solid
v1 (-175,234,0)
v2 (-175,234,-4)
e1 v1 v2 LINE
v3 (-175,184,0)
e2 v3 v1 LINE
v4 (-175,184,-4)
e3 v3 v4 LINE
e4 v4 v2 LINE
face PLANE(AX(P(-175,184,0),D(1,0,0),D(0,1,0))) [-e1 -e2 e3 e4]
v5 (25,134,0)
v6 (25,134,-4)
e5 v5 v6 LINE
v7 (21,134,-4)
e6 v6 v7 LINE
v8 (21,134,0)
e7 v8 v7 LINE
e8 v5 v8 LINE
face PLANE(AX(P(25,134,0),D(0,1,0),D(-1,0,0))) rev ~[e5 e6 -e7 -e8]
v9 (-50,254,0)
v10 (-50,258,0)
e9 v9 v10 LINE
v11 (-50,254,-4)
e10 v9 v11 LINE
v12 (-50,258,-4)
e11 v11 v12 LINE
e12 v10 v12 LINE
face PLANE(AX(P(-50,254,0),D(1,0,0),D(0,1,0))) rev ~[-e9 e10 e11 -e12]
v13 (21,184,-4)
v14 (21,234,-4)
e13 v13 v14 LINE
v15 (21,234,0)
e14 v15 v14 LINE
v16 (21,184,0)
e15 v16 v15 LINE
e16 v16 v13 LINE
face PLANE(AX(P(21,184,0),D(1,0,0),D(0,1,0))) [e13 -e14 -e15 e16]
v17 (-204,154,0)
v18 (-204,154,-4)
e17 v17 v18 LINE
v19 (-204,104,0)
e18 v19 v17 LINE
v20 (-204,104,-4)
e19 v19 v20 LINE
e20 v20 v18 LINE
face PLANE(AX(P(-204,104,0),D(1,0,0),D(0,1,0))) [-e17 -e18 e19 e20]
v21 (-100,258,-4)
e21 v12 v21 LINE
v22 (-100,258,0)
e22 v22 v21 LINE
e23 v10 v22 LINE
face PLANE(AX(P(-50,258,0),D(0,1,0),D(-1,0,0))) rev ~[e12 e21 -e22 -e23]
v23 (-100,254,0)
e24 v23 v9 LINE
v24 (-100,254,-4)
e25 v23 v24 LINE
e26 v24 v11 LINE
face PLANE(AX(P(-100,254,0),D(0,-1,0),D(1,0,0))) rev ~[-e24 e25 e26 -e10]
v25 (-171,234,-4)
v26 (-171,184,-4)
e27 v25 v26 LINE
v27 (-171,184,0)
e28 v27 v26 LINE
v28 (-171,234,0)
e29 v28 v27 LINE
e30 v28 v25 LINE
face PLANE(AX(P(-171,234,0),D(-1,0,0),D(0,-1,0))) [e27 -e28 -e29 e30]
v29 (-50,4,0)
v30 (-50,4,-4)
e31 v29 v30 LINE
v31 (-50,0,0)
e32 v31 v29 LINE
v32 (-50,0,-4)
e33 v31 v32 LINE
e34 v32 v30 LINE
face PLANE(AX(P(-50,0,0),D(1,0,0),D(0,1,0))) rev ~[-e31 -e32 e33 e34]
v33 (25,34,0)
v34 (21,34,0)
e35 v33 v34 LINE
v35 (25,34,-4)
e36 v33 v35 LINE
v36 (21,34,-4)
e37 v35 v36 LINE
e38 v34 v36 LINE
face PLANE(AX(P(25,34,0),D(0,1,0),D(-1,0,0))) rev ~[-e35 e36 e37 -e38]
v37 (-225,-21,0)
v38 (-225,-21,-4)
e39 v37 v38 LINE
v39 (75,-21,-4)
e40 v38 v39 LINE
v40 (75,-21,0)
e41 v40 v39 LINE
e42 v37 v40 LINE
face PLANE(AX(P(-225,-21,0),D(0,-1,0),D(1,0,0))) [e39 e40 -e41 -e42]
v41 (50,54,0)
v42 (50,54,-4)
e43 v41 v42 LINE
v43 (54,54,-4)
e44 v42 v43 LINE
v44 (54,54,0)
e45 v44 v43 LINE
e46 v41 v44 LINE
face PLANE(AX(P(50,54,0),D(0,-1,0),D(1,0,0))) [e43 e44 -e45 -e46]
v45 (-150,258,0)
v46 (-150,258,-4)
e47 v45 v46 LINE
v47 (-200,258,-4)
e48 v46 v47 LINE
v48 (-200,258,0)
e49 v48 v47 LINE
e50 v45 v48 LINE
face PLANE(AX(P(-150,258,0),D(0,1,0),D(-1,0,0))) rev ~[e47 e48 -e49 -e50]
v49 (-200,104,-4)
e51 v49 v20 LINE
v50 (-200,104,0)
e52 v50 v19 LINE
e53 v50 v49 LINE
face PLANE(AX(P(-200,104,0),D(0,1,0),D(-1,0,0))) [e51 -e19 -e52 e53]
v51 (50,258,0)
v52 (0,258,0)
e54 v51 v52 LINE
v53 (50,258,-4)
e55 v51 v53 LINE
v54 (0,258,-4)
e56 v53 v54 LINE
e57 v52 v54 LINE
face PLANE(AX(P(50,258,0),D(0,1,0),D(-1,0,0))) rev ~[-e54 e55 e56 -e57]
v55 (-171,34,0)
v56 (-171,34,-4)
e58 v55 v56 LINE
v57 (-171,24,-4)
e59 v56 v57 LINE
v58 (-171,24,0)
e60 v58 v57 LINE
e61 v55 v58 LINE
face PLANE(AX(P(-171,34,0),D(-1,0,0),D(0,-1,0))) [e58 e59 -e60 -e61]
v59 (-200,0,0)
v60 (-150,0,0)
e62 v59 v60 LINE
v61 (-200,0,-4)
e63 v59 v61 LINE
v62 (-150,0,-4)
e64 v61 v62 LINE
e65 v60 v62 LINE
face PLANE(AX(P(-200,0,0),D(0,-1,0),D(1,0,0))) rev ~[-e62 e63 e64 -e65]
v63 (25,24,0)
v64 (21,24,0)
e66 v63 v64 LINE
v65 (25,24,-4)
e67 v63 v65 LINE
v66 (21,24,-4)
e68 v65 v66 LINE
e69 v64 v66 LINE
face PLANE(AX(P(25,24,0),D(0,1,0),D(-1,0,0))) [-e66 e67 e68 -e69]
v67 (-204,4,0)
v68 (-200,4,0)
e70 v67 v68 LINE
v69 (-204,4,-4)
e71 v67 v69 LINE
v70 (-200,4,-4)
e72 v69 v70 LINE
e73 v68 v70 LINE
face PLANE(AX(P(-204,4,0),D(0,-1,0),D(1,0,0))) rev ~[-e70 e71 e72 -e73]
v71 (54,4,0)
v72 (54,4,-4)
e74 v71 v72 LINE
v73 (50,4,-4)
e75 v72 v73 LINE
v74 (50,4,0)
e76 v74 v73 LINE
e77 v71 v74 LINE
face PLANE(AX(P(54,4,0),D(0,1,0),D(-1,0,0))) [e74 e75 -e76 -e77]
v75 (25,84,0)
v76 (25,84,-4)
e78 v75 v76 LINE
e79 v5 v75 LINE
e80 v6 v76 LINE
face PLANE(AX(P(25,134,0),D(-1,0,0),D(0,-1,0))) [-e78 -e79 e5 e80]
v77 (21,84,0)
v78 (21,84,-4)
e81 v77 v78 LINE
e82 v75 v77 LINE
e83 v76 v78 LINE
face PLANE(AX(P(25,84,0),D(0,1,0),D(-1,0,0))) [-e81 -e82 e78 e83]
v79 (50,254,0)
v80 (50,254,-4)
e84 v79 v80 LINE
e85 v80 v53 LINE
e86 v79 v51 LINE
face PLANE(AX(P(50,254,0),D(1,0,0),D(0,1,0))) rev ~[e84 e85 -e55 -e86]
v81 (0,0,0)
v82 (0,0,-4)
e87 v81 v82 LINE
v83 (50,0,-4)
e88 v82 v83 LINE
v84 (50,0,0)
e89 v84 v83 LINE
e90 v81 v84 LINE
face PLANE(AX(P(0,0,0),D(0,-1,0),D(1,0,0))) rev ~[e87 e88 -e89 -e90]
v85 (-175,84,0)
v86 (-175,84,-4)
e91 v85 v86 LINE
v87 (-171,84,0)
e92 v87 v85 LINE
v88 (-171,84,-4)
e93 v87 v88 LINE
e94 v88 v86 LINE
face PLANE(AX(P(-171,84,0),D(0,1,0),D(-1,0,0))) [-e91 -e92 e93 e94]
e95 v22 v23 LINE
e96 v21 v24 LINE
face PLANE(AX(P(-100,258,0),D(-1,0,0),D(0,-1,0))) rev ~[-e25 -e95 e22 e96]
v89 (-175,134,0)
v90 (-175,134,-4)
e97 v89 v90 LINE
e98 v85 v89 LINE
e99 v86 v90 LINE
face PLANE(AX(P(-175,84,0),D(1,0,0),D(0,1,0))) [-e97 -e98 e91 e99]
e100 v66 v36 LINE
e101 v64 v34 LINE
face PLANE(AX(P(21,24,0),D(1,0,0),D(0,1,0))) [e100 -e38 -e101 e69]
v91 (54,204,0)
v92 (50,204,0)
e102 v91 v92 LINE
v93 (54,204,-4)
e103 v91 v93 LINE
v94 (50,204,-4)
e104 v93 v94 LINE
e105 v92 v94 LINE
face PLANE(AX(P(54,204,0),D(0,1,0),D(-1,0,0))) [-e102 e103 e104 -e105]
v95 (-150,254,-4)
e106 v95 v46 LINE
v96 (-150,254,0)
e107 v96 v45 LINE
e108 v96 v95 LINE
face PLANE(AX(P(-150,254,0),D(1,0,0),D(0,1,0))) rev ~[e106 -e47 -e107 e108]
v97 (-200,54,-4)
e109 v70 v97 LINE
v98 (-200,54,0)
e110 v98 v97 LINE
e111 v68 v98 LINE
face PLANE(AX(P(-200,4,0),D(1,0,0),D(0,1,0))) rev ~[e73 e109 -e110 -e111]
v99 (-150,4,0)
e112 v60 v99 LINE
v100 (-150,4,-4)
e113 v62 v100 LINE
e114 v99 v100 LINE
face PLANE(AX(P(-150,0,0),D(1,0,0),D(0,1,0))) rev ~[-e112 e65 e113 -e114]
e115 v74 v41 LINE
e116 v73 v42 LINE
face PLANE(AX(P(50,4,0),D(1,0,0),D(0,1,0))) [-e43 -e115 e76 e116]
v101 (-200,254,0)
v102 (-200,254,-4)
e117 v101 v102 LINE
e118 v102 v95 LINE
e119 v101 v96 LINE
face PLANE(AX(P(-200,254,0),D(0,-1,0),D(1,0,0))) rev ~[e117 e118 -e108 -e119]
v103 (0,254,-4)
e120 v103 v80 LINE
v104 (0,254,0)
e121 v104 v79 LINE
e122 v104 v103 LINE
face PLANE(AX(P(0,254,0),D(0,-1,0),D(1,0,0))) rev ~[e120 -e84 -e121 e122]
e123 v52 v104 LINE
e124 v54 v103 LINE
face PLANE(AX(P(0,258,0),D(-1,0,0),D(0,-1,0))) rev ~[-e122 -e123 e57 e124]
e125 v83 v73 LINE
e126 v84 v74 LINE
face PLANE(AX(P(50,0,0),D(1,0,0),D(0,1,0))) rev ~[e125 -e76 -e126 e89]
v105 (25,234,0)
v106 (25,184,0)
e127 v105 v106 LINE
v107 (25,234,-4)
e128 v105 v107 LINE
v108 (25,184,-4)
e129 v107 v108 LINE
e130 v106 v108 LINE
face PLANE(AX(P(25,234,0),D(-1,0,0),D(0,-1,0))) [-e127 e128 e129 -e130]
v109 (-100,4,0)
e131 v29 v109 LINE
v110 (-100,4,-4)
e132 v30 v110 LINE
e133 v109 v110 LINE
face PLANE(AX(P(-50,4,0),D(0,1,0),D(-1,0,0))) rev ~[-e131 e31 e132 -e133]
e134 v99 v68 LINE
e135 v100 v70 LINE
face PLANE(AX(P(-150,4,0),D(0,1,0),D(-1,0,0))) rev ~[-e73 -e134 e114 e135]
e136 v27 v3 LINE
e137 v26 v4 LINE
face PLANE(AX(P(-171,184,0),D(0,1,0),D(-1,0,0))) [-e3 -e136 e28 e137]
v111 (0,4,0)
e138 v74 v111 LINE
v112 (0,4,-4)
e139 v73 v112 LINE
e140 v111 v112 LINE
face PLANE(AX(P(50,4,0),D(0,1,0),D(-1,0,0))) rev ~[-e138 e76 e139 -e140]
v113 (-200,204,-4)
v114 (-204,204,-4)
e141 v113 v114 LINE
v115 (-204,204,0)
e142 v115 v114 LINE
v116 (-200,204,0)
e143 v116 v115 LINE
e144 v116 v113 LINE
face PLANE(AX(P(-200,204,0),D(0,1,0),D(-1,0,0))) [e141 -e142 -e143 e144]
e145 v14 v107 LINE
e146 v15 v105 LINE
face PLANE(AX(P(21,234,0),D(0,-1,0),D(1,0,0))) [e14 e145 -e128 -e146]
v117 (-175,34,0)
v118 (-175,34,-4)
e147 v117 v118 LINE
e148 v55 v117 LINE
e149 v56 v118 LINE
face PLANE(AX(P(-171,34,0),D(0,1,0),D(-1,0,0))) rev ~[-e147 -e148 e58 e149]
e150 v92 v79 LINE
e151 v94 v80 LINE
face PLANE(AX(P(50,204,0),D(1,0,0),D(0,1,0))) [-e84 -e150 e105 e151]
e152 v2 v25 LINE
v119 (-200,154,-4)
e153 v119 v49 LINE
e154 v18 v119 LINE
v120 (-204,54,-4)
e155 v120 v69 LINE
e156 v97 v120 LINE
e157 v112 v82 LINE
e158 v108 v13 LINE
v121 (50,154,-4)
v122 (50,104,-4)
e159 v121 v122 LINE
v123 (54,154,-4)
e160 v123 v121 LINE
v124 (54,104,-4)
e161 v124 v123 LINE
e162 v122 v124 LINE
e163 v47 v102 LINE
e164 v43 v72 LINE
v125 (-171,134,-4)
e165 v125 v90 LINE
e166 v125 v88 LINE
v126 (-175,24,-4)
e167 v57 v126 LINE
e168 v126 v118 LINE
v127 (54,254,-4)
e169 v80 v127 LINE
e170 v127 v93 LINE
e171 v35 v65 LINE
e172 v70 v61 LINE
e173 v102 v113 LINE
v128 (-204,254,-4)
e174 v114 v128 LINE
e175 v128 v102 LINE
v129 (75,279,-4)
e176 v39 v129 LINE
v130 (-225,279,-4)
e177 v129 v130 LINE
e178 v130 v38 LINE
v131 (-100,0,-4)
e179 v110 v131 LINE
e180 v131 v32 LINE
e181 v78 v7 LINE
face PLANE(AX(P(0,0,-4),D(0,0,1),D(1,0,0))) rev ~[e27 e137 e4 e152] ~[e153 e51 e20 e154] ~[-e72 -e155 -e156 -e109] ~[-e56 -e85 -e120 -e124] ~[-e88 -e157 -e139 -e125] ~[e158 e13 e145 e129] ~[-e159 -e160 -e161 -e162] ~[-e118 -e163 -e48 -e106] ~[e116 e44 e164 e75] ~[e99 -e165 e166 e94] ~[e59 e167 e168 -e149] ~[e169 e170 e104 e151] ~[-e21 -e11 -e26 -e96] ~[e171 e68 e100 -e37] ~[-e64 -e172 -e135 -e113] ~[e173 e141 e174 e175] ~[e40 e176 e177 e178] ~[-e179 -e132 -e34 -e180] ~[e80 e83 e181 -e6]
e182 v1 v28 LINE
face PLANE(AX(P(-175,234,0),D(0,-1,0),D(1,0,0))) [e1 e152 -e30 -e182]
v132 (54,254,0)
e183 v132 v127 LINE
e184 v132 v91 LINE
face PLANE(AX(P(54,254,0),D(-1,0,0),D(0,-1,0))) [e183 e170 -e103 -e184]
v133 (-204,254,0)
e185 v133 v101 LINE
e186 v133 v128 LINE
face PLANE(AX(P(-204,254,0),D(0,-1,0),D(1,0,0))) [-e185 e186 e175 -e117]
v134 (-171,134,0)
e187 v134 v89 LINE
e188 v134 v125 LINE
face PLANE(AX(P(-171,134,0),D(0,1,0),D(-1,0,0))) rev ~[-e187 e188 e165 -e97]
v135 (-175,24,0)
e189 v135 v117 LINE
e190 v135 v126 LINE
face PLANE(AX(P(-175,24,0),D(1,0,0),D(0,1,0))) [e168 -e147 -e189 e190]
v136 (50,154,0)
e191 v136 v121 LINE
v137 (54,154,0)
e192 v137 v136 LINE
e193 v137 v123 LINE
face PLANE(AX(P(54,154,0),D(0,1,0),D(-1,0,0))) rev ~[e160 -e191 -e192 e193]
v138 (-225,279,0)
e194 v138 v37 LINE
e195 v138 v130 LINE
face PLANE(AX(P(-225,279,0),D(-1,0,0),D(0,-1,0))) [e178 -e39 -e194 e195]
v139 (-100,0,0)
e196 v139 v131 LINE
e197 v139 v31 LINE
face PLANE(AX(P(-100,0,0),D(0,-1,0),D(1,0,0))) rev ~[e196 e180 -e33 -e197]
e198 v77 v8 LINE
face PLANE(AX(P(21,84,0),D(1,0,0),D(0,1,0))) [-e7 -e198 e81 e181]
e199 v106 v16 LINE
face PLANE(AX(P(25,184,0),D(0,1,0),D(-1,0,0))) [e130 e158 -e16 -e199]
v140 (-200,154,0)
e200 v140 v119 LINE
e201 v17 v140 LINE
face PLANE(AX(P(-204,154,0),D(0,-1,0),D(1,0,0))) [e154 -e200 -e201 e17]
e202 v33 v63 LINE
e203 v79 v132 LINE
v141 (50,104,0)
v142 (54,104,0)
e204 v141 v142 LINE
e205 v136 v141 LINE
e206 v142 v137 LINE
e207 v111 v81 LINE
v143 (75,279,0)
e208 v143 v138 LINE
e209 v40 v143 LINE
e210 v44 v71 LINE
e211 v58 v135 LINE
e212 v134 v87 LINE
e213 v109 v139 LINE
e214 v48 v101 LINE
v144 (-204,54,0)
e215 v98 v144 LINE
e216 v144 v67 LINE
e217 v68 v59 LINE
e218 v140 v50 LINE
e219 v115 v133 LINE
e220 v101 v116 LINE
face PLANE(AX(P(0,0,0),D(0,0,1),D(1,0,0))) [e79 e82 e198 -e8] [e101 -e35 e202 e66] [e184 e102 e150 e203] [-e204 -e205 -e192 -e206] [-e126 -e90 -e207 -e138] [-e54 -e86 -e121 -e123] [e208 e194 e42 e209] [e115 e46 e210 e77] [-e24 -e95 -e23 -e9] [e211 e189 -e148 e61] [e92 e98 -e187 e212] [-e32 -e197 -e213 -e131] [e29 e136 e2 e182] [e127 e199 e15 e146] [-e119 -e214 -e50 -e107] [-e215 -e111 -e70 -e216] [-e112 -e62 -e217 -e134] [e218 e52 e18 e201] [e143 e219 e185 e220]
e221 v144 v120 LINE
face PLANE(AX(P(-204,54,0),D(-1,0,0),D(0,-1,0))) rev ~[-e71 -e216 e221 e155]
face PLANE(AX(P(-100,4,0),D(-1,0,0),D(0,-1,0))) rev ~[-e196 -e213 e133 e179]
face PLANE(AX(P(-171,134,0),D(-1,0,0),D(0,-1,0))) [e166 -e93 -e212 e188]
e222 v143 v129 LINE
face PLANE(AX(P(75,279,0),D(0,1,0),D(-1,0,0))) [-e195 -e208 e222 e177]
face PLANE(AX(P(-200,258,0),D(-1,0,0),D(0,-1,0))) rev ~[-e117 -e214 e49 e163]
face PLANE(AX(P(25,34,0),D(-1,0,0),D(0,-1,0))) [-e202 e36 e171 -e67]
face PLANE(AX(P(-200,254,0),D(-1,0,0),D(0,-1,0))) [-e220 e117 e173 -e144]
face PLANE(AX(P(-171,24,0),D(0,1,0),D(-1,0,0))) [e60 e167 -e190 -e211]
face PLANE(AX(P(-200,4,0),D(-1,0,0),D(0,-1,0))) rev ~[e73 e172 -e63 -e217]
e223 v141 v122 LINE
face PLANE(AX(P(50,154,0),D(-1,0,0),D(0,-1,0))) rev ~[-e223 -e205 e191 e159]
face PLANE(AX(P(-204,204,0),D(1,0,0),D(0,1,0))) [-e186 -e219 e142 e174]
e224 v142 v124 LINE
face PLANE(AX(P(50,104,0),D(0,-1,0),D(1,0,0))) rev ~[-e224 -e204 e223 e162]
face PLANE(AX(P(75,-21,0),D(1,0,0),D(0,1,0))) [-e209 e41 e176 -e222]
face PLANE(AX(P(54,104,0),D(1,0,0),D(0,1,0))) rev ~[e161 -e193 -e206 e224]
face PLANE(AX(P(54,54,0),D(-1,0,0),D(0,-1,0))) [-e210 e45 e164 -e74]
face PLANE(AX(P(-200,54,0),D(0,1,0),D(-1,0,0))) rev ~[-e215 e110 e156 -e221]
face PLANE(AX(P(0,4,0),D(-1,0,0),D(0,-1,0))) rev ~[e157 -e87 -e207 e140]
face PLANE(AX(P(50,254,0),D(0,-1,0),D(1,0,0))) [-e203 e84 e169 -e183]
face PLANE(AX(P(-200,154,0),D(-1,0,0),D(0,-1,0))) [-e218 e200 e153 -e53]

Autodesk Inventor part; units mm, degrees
ref_plane "YZ Plane" through (0, 0, 0) normal (1, 0, 0) x (0, 1, 0)
ref_plane "XZ Plane" through (0, 0, 0) normal (0, 1, 0) x (-1, 0, 0)
ref_plane "XY Plane" through (0, 0, 0) normal (0, 0, 1) x (1, 0, 0)
sketch "Sketch1" plane through (0, 0, 0) normal (0, 0, 1) x (1, 0, 0)
  line L0 (120, -66) -> (20, -66) construction
  line L1 (20, -66) -> (20, -26) construction
  line L2 (20, -26) -> (120, -26) construction
  line L3 (120, -26) -> (120, -66) construction
  line L4 (-275, -71) -> (125, -71) construction
  line L5 (125, -71) -> (125, 329) construction
  line L6 (125, 329) -> (-275, 329) construction
  line L7 (-275, 329) -> (-275, -71) construction
  line L8 (50, 104) -> (50, 154) construction
  line L9 (50, 154) -> (54, 154) construction
  line L10 (54, 154) -> (54, 104) construction
  line L11 (54, 104) -> (50, 104) construction
  line L12 (-50, 254) -> (-100, 254) construction
  line L13 (-100, 254) -> (-100, 258) construction
  line L14 (-100, 258) -> (-50, 258) construction
  line L15 (-50, 258) -> (-50, 254) construction
  line L16 (50, 258) -> (50, 254) construction
  line L17 (50, 254) -> (54, 254) construction
  line L18 (54, 254) -> (54, 204) construction
  line L19 (54, 204) -> (50, 204) construction
  line L20 (50, 204) -> (50, 254) construction
  line L21 (50, 254) -> (0, 254) construction
  line L22 (0, 254) -> (0, 258) construction
  line L23 (0, 258) -> (50, 258) construction
  line L24 (54, 4) -> (50, 4) construction
  line L25 (50, 4) -> (50, 0) construction
  line L26 (50, 0) -> (0, 0) construction
  line L27 (0, 0) -> (0, 4) construction
  line L28 (0, 4) -> (50, 4) construction
  line L29 (50, 4) -> (50, 54) construction
  line L30 (50, 54) -> (54, 54) construction
  line L31 (54, 54) -> (54, 4) construction
  line L32 (-100, 4) -> (-50, 4) construction
  line L33 (-50, 4) -> (-50, 0) construction
  line L34 (-50, 0) -> (-100, 0) construction
  line L35 (-100, 0) -> (-100, 4) construction
  line L36 (-204, 254) -> (-200, 254) construction
  line L37 (-200, 254) -> (-200, 258) construction
  line L38 (-200, 258) -> (-150, 258) construction
  line L39 (-150, 258) -> (-150, 254) construction
  line L40 (-150, 254) -> (-200, 254) construction
  line L41 (-200, 254) -> (-200, 204) construction
  line L42 (-200, 204) -> (-204, 204) construction
  line L43 (-204, 204) -> (-204, 254) construction
  line L44 (-200, 154) -> (-200, 104) construction
  line L45 (-200, 104) -> (-204, 104) construction
  line L46 (-204, 104) -> (-204, 154) construction
  line L47 (-204, 154) -> (-200, 154) construction
  line L48 (-200, 54) -> (-200, 4) construction
  line L49 (-200, 4) -> (-150, 4) construction
  line L50 (-150, 4) -> (-150, 0) construction
  line L51 (-150, 0) -> (-200, 0) construction
  line L52 (-200, 0) -> (-200, 4) construction
  line L53 (-200, 4) -> (-204, 4) construction
  line L54 (-204, 4) -> (-204, 54) construction
  line L55 (-204, 54) -> (-200, 54) construction
  line L56 (-275, -71) -> (125, -71) construction
  line L57 (125, -71) -> (125, 329) construction
  line L58 (125, 329) -> (-275, 329) construction
  line L59 (-275, 329) -> (-275, -71) construction
  line L60 (-275, -71) -> (125, 329) construction
  line L61 (75, 279) -> (-225, 279)
  line L62 (-225, 279) -> (-225, -21)
  line L63 (-225, -21) -> (75, -21)
  line L64 (75, -21) -> (75, 279)
  line L65 (75, 279) -> (-225, -21) construction
  line L66 (-225, 279) -> (75, -21) construction
  line L67 (-204, 4) -> (-200, 4)
  line L68 (-200, 4) -> (-200, 54)
  line L69 (-200, 54) -> (-204, 54)
  line L70 (-204, 54) -> (-204, 4)
  line L71 (-200, 104) -> (-204, 104)
  line L72 (-204, 104) -> (-204, 154)
  line L73 (-204, 154) -> (-200, 154)
  line L74 (-200, 154) -> (-200, 104)
  line L75 (-200, 204) -> (-204, 204)
  line L76 (-204, 204) -> (-204, 254)
  line L77 (-204, 254) -> (-200, 254)
  line L78 (-200, 254) -> (-200, 204)
  line L79 (-200, 254) -> (-150, 254)
  line L80 (-150, 254) -> (-150, 258)
  line L81 (-150, 258) -> (-200, 258)
  line L82 (-200, 258) -> (-200, 254)
  line L83 (-100, 254) -> (-50, 254)
  line L84 (-50, 254) -> (-50, 258)
  line L85 (-50, 258) -> (-100, 258)
  line L86 (-100, 258) -> (-100, 254)
  line L87 (0, 254) -> (50, 254)
  line L88 (50, 254) -> (50, 258)
  line L89 (50, 258) -> (0, 258)
  line L90 (0, 258) -> (0, 254)
  line L91 (50, 254) -> (54, 254)
  line L92 (54, 254) -> (54, 204)
  line L93 (54, 204) -> (50, 204)
  line L94 (50, 204) -> (50, 254)
  line L95 (54, 154) -> (50, 154)
  line L96 (50, 154) -> (50, 104)
  line L97 (50, 104) -> (54, 104)
  line L98 (54, 104) -> (54, 154)
  line L99 (54, 4) -> (50, 4)
  line L100 (50, 4) -> (50, 54)
  line L101 (50, 54) -> (54, 54)
  line L102 (54, 54) -> (54, 4)
  line L103 (50, 4) -> (0, 4)
  line L104 (0, 4) -> (0, 0)
  line L105 (0, 0) -> (50, 0)
  line L106 (50, 0) -> (50, 4)
  line L107 (-100, 0) -> (-50, 0)
  line L108 (-50, 0) -> (-50, 4)
  line L109 (-50, 4) -> (-100, 4)
  line L110 (-100, 4) -> (-100, 0)
  line L111 (-200, 0) -> (-150, 0)
  line L112 (-150, 0) -> (-150, 4)
  line L113 (-150, 4) -> (-200, 4)
  line L114 (-200, 4) -> (-200, 0)
  point P0 (-75, 129)
  dimension "d0" = 300
  dimension "d1" = 300
extrude "Extrusion1" add sketch "Sketch1" against normal blind 4
sketch "Sketch2" plane through (0, 0, 0) normal (0, 0, 1) x (1, 0, 0)
  line L0 (-175, 234) -> (-171, 234)
  line L1 (-171, 234) -> (-171, 184)
  line L2 (-171, 184) -> (-175, 184)
  line L3 (-175, 184) -> (-175, 234)
  line L4 (-175, 184) -> (-171, 184)
  line L5 (-171, 184) -> (-171, 134)
  line L6 (-171, 134) -> (-175, 134)
  line L7 (-175, 134) -> (-175, 184)
  line L8 (-175, 134) -> (-171, 134)
  line L9 (-171, 134) -> (-171, 84)
  line L10 (-171, 84) -> (-175, 84)
  line L11 (-175, 84) -> (-175, 134)
  line L12 (-200, 254) -> (-200, 204) projected
  line L13 (-150, 254) -> (-200, 254) projected
  line L14 (-175, 84) -> (-171, 84)
  line L15 (-171, 84) -> (-171, 34)
  line L16 (-171, 34) -> (-175, 34)
  line L17 (-175, 34) -> (-175, 84)
  line L18 (-175, 34) -> (-171, 34)
  line L19 (-171, 34) -> (-171, 24)
  line L20 (-171, 24) -> (-175, 24)
  line L21 (-175, 24) -> (-175, 34)
  line L22 (-200, 4) -> (-150, 4) projected
  line L23 (25, 184) -> (21, 184)
  line L24 (21, 184) -> (25, 184)
  line L25 (21, 234) -> (25, 234)
  line L26 (25, 234) -> (25, 184)
  line L27 (21, 184) -> (21, 234)
  line L28 (25, 184) -> (25, 134)
  line L29 (25, 134) -> (21, 134)
  line L30 (21, 134) -> (25, 134)
  line L31 (25, 134) -> (25, 84)
  line L32 (25, 84) -> (21, 84)
  line L33 (21, 84) -> (21, 134)
  line L34 (21, 134) -> (21, 184)
  line L35 (21, 84) -> (25, 84)
  line L36 (25, 84) -> (25, 34)
  line L37 (21, 34) -> (21, 84)
  line L38 (25, 34) -> (21, 34)
  line L39 (21, 34) -> (25, 34)
  line L40 (25, 34) -> (25, 24)
  line L41 (21, 24) -> (21, 34)
  line L42 (25, 24) -> (21, 24)
  point P0 (0, 0)
  point P1 (-173, 234)
  point P2 (-173, 24)
  point P3 (23, 234)
  point P4 (23, 24)
  dimension "d4" = 4
  dimension "d5" = 50
  dimension "d6" = 4
  dimension "d7" = 50
  dimension "d8" = 4
  dimension "d9" = 50
  dimension "d10" = 25
  dimension "d11" = 20
  dimension "d12" = 4
  dimension "d13" = 50
  dimension "d14" = 4
  dimension "d15" = 20
  dimension "d20" = 196
extrude "Extrusion2" cut sketch "Sketch2" against normal blind 10 contours L0 L1 L2 L3 | L6 L9 L10 L11 | L16 L19 L20 L21 | L23 L27 L25 L26 | L31 L32 L33 L29 | L40 L42 L41 L38
properties part number "Roof_V1"
